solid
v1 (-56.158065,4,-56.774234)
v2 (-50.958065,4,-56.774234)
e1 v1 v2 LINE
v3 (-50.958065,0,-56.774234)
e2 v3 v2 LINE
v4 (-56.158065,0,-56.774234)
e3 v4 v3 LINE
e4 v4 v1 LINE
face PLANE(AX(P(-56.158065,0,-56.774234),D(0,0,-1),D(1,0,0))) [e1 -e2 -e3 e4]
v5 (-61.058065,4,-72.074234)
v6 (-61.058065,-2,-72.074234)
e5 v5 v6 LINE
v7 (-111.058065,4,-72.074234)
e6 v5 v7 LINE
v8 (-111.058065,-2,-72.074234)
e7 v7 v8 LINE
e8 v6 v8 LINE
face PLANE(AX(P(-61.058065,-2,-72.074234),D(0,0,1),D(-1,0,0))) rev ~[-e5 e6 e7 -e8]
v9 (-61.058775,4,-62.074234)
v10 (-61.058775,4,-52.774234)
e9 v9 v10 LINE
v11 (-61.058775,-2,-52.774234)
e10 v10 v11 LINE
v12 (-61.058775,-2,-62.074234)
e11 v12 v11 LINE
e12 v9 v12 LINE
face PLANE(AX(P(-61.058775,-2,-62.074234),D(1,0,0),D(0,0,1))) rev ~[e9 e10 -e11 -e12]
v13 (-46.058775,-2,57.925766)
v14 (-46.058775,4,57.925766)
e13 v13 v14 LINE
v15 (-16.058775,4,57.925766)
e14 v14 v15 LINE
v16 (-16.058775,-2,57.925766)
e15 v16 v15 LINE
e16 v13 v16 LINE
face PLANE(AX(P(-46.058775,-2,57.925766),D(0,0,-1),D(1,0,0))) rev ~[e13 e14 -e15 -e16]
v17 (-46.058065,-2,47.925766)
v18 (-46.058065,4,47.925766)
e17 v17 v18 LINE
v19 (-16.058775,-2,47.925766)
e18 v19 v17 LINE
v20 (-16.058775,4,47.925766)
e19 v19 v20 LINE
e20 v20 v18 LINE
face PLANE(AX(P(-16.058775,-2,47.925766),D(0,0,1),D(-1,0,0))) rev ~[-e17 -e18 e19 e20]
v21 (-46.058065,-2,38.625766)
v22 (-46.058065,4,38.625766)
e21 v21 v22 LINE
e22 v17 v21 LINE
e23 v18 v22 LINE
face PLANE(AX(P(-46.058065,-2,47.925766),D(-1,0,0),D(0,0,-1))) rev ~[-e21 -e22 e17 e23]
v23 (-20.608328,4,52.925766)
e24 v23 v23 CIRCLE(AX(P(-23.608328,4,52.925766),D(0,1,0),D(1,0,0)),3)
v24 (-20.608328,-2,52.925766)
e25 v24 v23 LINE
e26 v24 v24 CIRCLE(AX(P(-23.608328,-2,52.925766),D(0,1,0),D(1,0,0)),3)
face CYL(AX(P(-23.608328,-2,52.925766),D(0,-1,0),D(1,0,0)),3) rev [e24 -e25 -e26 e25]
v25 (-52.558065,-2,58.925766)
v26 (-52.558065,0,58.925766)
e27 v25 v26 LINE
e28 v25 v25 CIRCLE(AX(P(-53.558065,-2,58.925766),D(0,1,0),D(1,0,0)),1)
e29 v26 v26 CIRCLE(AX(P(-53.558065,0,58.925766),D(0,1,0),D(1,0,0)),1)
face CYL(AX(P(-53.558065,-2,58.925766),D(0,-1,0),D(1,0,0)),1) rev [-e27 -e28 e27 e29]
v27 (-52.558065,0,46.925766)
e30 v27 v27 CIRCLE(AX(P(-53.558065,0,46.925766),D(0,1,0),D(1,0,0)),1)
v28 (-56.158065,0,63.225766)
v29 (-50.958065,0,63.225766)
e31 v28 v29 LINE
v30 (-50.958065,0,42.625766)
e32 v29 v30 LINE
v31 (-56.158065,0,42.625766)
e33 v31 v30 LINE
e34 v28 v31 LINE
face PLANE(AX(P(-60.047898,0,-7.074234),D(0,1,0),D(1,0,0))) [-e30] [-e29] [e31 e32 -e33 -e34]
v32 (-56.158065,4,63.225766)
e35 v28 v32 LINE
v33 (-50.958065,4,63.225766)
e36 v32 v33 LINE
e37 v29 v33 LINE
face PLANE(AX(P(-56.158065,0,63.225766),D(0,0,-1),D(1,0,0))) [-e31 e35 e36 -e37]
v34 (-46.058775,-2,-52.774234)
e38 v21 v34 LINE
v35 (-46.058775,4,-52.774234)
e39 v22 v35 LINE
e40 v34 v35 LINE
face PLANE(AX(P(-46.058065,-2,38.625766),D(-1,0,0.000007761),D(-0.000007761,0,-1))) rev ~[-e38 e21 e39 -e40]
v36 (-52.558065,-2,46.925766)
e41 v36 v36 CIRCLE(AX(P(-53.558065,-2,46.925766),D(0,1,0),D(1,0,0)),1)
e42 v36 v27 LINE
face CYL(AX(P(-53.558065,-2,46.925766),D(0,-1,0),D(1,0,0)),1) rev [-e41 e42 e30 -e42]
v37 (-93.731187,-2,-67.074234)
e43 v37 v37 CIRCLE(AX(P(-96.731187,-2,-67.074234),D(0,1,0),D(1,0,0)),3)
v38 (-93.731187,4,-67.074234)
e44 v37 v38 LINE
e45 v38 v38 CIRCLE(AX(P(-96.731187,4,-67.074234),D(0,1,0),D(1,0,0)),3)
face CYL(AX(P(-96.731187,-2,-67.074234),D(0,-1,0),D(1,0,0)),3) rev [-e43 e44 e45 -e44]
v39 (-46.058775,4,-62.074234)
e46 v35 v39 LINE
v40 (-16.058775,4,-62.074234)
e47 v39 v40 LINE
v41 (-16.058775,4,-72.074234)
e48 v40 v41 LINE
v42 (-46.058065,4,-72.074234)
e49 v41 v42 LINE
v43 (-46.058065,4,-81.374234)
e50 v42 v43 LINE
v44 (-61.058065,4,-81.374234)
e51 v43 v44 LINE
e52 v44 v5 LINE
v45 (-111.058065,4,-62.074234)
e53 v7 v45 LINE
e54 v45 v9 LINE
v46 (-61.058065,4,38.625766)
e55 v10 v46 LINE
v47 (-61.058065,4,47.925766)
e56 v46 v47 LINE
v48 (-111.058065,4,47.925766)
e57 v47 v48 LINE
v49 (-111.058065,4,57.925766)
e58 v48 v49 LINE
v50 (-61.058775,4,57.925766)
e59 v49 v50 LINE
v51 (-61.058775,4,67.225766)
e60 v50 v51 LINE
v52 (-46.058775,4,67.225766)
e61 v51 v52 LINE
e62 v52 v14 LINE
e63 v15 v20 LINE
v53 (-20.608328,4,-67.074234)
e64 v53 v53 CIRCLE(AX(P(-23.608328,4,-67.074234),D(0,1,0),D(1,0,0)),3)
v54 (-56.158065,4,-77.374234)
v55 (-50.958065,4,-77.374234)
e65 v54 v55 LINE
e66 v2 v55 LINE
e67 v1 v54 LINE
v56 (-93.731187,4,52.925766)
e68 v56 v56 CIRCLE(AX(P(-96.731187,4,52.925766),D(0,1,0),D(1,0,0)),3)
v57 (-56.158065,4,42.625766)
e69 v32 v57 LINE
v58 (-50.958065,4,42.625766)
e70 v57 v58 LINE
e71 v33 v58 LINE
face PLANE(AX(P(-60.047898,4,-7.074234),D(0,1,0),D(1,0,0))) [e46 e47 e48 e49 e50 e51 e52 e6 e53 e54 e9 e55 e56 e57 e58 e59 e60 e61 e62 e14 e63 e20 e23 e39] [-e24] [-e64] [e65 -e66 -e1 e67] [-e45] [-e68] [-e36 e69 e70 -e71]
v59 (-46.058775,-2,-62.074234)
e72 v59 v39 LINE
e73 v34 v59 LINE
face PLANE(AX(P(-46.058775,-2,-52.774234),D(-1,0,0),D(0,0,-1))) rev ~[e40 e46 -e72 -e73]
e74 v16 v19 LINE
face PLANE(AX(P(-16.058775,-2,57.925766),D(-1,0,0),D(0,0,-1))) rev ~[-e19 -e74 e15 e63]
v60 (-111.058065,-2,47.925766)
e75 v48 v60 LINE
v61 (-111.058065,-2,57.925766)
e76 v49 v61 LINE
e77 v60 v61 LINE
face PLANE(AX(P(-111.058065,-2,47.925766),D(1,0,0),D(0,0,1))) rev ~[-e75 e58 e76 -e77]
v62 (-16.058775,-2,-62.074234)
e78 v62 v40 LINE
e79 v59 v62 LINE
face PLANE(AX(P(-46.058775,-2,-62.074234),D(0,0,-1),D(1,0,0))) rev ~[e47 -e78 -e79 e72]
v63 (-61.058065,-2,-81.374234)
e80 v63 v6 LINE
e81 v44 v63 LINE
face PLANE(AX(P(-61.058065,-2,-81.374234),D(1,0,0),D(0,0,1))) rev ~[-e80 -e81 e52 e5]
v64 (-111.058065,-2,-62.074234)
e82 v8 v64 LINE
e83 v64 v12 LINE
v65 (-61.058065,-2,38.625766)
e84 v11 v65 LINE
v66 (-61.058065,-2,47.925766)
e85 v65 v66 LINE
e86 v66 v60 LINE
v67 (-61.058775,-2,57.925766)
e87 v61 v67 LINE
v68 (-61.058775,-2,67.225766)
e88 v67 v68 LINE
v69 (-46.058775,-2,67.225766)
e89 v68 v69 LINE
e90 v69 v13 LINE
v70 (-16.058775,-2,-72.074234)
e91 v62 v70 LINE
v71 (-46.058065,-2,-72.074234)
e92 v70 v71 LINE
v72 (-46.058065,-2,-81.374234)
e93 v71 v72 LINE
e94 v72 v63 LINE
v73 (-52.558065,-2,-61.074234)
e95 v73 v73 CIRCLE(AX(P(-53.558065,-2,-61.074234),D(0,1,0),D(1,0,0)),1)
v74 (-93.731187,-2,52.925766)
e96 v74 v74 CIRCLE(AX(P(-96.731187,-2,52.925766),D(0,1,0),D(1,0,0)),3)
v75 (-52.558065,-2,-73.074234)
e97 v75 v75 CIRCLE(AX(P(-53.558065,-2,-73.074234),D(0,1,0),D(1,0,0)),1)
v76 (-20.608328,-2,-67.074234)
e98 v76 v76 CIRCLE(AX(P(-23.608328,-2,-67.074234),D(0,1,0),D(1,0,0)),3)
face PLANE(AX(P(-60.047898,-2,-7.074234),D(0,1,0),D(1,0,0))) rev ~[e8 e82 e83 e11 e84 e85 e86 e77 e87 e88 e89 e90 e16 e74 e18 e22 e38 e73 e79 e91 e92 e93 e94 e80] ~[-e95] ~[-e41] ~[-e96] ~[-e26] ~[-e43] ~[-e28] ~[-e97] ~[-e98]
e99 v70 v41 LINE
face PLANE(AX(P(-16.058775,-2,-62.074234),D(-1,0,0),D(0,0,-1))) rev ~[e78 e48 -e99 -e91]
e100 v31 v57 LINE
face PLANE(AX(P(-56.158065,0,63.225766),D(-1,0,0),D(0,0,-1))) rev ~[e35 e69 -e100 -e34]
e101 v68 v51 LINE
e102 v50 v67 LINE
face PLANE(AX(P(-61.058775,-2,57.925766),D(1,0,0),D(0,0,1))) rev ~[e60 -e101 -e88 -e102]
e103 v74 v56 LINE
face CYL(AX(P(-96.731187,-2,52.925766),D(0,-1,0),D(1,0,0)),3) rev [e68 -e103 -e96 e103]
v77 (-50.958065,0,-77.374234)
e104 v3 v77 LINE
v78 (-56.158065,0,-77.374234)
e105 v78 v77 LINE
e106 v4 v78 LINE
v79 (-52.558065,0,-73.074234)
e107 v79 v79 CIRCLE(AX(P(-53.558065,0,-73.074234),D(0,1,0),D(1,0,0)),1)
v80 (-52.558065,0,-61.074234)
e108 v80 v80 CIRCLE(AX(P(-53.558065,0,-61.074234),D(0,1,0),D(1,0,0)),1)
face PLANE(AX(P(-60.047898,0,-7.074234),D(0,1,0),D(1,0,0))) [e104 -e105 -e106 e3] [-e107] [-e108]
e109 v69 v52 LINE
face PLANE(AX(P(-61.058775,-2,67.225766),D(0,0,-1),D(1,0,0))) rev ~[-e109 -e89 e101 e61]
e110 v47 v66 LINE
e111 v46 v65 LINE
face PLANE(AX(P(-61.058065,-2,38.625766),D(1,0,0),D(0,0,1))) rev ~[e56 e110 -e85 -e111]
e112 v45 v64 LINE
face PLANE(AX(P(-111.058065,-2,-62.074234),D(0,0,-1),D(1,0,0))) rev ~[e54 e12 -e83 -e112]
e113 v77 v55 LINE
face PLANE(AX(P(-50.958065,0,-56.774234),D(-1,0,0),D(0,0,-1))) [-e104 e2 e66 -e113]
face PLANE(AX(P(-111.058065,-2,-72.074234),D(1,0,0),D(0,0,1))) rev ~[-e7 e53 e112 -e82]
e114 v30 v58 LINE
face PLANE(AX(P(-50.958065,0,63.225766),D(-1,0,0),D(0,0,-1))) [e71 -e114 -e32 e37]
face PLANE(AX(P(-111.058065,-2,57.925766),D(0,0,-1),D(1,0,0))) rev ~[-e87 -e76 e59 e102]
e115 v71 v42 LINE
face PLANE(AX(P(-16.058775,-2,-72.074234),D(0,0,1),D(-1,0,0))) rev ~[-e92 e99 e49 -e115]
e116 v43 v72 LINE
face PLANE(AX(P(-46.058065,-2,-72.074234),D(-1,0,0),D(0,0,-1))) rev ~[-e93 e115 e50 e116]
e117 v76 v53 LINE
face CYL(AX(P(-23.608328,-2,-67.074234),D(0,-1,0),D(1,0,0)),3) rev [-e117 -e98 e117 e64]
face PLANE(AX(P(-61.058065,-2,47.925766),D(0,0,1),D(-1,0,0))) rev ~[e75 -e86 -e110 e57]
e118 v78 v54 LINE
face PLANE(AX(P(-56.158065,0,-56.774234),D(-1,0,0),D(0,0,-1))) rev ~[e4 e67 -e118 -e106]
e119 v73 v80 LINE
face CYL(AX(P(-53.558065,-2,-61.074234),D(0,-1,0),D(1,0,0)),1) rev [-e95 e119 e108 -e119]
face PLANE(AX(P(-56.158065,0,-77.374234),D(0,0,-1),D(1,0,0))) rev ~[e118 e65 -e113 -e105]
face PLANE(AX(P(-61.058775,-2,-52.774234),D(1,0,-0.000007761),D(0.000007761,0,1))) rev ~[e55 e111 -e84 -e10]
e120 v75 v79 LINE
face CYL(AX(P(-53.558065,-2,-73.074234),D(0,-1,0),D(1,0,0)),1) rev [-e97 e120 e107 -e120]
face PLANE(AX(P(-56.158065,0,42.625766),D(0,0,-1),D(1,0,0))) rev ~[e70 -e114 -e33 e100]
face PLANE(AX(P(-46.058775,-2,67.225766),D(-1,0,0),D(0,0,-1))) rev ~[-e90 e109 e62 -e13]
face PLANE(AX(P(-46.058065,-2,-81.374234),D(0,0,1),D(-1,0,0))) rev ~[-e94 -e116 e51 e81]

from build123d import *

# Parameters (mm, degrees)
SKETCH1_4_R         = 3
SKETCH1_4_W         = 5.2
SKETCH1_4_H         = 20.6
BOSS_EXTRUDE2_DEPTH = 4
BOSS_EXTRUDE3_START = -2
SKETCH1_5_R         = 3
SKETCH1_5_R_2       = 1
BOSS_EXTRUDE3_DEPTH = 2


with BuildPart() as part:
    # Sketch1_4 → Boss-Extrude2 (new body)
    with BuildSketch(Plane(origin=(0, 0, 0), x_dir=(1, 0, 0), z_dir=(0, 1, 0))):
        Polygon((-61.058774723, -57.925766481), (-61.058774723, -67.225766481), (-46.058774723, -67.225766481), (-46.058774723, -57.925766481), (-16.058774723, -57.925766481), (-16.058774723, -47.925766481), (-46.058065355, -47.925766481), (-46.058065355, -38.625766481), (-46.058774723, 52.774233519), (-46.058774723, 62.074233519), (-16.058774723, 62.074233519), (-16.058774723, 72.074233519), (-46.058065355, 72.074233519), (-46.058065355, 81.374233519), (-61.058065355, 81.374233519), (-61.058065355, 72.074233519), (-111.058065355, 72.074233519), (-111.058065355, 62.074233519), (-61.058774723, 62.074233519), (-61.058774723, 52.774233519), (-61.058065355, -38.625766481), (-61.058065355, -47.925766481), (-111.058065355, -47.925766481), (-111.058065355, -57.925766481), align=None)
        with Locations((-96.731187499, -52.925766481)):
            Circle(SKETCH1_4_R, mode=Mode.SUBTRACT)
        with Locations((-53.558065355, -52.925766481)):
            Rectangle(SKETCH1_4_W, SKETCH1_4_H, mode=Mode.SUBTRACT)
        with Locations((-23.608327945, -52.925766481)):
            Circle(SKETCH1_4_R, mode=Mode.SUBTRACT)
        with Locations((-23.608327945, 67.074233519)):
            Circle(SKETCH1_4_R, mode=Mode.SUBTRACT)
        with Locations((-96.731187499, 67.074233519)):
            Circle(SKETCH1_4_R, mode=Mode.SUBTRACT)
        with Locations((-53.558065355, 67.074233519)):
            Rectangle(SKETCH1_4_W, SKETCH1_4_H, mode=Mode.SUBTRACT)
    extrude(amount=BOSS_EXTRUDE2_DEPTH)

    # Sketch1_5 → Boss-Extrude3 (add)
    with BuildSketch(Plane(origin=(0, 0, 0), x_dir=(1, 0, 0), z_dir=(0, 1, 0)).offset(BOSS_EXTRUDE3_START)):
        Polygon((-61.058774723, -57.925766481), (-61.058774723, -67.225766481), (-46.058774723, -67.225766481), (-46.058774723, -57.925766481), (-16.058774723, -57.925766481), (-16.058774723, -47.925766481), (-46.058065355, -47.925766481), (-46.058065355, -38.625766481), (-46.058774723, 52.774233519), (-46.058774723, 62.074233519), (-16.058774723, 62.074233519), (-16.058774723, 72.074233519), (-46.058065355, 72.074233519), (-46.058065355, 81.374233519), (-61.058065355, 81.374233519), (-61.058065355, 72.074233519), (-111.058065355, 72.074233519), (-111.058065355, 62.074233519), (-61.058774723, 62.074233519), (-61.058774723, 52.774233519), (-61.058065355, -38.625766481), (-61.058065355, -47.925766481), (-111.058065355, -47.925766481), (-111.058065355, -57.925766481), align=None)
        with Locations((-96.731187499, -52.925766481)):
            Circle(SKETCH1_5_R, mode=Mode.SUBTRACT)
        with Locations((-23.608327945, -52.925766481)):
            Circle(SKETCH1_5_R, mode=Mode.SUBTRACT)
        with Locations((-53.558065355, -58.925766481)):
            Circle(SKETCH1_5_R_2, mode=Mode.SUBTRACT)
        with Locations((-53.558065355, -46.925766481)):
            Circle(SKETCH1_5_R_2, mode=Mode.SUBTRACT)
        with Locations((-23.608327945, 67.074233519)):
            Circle(SKETCH1_5_R, mode=Mode.SUBTRACT)
        with Locations((-96.731187499, 67.074233519)):
            Circle(SKETCH1_5_R, mode=Mode.SUBTRACT)
        with Locations((-53.558065355, 61.074233519)):
            Circle(SKETCH1_5_R_2, mode=Mode.SUBTRACT)
        with Locations((-53.558065355, 73.074233519)):
            Circle(SKETCH1_5_R_2, mode=Mode.SUBTRACT)
    extrude(amount=BOSS_EXTRUDE3_DEPTH)


solid = part.part
